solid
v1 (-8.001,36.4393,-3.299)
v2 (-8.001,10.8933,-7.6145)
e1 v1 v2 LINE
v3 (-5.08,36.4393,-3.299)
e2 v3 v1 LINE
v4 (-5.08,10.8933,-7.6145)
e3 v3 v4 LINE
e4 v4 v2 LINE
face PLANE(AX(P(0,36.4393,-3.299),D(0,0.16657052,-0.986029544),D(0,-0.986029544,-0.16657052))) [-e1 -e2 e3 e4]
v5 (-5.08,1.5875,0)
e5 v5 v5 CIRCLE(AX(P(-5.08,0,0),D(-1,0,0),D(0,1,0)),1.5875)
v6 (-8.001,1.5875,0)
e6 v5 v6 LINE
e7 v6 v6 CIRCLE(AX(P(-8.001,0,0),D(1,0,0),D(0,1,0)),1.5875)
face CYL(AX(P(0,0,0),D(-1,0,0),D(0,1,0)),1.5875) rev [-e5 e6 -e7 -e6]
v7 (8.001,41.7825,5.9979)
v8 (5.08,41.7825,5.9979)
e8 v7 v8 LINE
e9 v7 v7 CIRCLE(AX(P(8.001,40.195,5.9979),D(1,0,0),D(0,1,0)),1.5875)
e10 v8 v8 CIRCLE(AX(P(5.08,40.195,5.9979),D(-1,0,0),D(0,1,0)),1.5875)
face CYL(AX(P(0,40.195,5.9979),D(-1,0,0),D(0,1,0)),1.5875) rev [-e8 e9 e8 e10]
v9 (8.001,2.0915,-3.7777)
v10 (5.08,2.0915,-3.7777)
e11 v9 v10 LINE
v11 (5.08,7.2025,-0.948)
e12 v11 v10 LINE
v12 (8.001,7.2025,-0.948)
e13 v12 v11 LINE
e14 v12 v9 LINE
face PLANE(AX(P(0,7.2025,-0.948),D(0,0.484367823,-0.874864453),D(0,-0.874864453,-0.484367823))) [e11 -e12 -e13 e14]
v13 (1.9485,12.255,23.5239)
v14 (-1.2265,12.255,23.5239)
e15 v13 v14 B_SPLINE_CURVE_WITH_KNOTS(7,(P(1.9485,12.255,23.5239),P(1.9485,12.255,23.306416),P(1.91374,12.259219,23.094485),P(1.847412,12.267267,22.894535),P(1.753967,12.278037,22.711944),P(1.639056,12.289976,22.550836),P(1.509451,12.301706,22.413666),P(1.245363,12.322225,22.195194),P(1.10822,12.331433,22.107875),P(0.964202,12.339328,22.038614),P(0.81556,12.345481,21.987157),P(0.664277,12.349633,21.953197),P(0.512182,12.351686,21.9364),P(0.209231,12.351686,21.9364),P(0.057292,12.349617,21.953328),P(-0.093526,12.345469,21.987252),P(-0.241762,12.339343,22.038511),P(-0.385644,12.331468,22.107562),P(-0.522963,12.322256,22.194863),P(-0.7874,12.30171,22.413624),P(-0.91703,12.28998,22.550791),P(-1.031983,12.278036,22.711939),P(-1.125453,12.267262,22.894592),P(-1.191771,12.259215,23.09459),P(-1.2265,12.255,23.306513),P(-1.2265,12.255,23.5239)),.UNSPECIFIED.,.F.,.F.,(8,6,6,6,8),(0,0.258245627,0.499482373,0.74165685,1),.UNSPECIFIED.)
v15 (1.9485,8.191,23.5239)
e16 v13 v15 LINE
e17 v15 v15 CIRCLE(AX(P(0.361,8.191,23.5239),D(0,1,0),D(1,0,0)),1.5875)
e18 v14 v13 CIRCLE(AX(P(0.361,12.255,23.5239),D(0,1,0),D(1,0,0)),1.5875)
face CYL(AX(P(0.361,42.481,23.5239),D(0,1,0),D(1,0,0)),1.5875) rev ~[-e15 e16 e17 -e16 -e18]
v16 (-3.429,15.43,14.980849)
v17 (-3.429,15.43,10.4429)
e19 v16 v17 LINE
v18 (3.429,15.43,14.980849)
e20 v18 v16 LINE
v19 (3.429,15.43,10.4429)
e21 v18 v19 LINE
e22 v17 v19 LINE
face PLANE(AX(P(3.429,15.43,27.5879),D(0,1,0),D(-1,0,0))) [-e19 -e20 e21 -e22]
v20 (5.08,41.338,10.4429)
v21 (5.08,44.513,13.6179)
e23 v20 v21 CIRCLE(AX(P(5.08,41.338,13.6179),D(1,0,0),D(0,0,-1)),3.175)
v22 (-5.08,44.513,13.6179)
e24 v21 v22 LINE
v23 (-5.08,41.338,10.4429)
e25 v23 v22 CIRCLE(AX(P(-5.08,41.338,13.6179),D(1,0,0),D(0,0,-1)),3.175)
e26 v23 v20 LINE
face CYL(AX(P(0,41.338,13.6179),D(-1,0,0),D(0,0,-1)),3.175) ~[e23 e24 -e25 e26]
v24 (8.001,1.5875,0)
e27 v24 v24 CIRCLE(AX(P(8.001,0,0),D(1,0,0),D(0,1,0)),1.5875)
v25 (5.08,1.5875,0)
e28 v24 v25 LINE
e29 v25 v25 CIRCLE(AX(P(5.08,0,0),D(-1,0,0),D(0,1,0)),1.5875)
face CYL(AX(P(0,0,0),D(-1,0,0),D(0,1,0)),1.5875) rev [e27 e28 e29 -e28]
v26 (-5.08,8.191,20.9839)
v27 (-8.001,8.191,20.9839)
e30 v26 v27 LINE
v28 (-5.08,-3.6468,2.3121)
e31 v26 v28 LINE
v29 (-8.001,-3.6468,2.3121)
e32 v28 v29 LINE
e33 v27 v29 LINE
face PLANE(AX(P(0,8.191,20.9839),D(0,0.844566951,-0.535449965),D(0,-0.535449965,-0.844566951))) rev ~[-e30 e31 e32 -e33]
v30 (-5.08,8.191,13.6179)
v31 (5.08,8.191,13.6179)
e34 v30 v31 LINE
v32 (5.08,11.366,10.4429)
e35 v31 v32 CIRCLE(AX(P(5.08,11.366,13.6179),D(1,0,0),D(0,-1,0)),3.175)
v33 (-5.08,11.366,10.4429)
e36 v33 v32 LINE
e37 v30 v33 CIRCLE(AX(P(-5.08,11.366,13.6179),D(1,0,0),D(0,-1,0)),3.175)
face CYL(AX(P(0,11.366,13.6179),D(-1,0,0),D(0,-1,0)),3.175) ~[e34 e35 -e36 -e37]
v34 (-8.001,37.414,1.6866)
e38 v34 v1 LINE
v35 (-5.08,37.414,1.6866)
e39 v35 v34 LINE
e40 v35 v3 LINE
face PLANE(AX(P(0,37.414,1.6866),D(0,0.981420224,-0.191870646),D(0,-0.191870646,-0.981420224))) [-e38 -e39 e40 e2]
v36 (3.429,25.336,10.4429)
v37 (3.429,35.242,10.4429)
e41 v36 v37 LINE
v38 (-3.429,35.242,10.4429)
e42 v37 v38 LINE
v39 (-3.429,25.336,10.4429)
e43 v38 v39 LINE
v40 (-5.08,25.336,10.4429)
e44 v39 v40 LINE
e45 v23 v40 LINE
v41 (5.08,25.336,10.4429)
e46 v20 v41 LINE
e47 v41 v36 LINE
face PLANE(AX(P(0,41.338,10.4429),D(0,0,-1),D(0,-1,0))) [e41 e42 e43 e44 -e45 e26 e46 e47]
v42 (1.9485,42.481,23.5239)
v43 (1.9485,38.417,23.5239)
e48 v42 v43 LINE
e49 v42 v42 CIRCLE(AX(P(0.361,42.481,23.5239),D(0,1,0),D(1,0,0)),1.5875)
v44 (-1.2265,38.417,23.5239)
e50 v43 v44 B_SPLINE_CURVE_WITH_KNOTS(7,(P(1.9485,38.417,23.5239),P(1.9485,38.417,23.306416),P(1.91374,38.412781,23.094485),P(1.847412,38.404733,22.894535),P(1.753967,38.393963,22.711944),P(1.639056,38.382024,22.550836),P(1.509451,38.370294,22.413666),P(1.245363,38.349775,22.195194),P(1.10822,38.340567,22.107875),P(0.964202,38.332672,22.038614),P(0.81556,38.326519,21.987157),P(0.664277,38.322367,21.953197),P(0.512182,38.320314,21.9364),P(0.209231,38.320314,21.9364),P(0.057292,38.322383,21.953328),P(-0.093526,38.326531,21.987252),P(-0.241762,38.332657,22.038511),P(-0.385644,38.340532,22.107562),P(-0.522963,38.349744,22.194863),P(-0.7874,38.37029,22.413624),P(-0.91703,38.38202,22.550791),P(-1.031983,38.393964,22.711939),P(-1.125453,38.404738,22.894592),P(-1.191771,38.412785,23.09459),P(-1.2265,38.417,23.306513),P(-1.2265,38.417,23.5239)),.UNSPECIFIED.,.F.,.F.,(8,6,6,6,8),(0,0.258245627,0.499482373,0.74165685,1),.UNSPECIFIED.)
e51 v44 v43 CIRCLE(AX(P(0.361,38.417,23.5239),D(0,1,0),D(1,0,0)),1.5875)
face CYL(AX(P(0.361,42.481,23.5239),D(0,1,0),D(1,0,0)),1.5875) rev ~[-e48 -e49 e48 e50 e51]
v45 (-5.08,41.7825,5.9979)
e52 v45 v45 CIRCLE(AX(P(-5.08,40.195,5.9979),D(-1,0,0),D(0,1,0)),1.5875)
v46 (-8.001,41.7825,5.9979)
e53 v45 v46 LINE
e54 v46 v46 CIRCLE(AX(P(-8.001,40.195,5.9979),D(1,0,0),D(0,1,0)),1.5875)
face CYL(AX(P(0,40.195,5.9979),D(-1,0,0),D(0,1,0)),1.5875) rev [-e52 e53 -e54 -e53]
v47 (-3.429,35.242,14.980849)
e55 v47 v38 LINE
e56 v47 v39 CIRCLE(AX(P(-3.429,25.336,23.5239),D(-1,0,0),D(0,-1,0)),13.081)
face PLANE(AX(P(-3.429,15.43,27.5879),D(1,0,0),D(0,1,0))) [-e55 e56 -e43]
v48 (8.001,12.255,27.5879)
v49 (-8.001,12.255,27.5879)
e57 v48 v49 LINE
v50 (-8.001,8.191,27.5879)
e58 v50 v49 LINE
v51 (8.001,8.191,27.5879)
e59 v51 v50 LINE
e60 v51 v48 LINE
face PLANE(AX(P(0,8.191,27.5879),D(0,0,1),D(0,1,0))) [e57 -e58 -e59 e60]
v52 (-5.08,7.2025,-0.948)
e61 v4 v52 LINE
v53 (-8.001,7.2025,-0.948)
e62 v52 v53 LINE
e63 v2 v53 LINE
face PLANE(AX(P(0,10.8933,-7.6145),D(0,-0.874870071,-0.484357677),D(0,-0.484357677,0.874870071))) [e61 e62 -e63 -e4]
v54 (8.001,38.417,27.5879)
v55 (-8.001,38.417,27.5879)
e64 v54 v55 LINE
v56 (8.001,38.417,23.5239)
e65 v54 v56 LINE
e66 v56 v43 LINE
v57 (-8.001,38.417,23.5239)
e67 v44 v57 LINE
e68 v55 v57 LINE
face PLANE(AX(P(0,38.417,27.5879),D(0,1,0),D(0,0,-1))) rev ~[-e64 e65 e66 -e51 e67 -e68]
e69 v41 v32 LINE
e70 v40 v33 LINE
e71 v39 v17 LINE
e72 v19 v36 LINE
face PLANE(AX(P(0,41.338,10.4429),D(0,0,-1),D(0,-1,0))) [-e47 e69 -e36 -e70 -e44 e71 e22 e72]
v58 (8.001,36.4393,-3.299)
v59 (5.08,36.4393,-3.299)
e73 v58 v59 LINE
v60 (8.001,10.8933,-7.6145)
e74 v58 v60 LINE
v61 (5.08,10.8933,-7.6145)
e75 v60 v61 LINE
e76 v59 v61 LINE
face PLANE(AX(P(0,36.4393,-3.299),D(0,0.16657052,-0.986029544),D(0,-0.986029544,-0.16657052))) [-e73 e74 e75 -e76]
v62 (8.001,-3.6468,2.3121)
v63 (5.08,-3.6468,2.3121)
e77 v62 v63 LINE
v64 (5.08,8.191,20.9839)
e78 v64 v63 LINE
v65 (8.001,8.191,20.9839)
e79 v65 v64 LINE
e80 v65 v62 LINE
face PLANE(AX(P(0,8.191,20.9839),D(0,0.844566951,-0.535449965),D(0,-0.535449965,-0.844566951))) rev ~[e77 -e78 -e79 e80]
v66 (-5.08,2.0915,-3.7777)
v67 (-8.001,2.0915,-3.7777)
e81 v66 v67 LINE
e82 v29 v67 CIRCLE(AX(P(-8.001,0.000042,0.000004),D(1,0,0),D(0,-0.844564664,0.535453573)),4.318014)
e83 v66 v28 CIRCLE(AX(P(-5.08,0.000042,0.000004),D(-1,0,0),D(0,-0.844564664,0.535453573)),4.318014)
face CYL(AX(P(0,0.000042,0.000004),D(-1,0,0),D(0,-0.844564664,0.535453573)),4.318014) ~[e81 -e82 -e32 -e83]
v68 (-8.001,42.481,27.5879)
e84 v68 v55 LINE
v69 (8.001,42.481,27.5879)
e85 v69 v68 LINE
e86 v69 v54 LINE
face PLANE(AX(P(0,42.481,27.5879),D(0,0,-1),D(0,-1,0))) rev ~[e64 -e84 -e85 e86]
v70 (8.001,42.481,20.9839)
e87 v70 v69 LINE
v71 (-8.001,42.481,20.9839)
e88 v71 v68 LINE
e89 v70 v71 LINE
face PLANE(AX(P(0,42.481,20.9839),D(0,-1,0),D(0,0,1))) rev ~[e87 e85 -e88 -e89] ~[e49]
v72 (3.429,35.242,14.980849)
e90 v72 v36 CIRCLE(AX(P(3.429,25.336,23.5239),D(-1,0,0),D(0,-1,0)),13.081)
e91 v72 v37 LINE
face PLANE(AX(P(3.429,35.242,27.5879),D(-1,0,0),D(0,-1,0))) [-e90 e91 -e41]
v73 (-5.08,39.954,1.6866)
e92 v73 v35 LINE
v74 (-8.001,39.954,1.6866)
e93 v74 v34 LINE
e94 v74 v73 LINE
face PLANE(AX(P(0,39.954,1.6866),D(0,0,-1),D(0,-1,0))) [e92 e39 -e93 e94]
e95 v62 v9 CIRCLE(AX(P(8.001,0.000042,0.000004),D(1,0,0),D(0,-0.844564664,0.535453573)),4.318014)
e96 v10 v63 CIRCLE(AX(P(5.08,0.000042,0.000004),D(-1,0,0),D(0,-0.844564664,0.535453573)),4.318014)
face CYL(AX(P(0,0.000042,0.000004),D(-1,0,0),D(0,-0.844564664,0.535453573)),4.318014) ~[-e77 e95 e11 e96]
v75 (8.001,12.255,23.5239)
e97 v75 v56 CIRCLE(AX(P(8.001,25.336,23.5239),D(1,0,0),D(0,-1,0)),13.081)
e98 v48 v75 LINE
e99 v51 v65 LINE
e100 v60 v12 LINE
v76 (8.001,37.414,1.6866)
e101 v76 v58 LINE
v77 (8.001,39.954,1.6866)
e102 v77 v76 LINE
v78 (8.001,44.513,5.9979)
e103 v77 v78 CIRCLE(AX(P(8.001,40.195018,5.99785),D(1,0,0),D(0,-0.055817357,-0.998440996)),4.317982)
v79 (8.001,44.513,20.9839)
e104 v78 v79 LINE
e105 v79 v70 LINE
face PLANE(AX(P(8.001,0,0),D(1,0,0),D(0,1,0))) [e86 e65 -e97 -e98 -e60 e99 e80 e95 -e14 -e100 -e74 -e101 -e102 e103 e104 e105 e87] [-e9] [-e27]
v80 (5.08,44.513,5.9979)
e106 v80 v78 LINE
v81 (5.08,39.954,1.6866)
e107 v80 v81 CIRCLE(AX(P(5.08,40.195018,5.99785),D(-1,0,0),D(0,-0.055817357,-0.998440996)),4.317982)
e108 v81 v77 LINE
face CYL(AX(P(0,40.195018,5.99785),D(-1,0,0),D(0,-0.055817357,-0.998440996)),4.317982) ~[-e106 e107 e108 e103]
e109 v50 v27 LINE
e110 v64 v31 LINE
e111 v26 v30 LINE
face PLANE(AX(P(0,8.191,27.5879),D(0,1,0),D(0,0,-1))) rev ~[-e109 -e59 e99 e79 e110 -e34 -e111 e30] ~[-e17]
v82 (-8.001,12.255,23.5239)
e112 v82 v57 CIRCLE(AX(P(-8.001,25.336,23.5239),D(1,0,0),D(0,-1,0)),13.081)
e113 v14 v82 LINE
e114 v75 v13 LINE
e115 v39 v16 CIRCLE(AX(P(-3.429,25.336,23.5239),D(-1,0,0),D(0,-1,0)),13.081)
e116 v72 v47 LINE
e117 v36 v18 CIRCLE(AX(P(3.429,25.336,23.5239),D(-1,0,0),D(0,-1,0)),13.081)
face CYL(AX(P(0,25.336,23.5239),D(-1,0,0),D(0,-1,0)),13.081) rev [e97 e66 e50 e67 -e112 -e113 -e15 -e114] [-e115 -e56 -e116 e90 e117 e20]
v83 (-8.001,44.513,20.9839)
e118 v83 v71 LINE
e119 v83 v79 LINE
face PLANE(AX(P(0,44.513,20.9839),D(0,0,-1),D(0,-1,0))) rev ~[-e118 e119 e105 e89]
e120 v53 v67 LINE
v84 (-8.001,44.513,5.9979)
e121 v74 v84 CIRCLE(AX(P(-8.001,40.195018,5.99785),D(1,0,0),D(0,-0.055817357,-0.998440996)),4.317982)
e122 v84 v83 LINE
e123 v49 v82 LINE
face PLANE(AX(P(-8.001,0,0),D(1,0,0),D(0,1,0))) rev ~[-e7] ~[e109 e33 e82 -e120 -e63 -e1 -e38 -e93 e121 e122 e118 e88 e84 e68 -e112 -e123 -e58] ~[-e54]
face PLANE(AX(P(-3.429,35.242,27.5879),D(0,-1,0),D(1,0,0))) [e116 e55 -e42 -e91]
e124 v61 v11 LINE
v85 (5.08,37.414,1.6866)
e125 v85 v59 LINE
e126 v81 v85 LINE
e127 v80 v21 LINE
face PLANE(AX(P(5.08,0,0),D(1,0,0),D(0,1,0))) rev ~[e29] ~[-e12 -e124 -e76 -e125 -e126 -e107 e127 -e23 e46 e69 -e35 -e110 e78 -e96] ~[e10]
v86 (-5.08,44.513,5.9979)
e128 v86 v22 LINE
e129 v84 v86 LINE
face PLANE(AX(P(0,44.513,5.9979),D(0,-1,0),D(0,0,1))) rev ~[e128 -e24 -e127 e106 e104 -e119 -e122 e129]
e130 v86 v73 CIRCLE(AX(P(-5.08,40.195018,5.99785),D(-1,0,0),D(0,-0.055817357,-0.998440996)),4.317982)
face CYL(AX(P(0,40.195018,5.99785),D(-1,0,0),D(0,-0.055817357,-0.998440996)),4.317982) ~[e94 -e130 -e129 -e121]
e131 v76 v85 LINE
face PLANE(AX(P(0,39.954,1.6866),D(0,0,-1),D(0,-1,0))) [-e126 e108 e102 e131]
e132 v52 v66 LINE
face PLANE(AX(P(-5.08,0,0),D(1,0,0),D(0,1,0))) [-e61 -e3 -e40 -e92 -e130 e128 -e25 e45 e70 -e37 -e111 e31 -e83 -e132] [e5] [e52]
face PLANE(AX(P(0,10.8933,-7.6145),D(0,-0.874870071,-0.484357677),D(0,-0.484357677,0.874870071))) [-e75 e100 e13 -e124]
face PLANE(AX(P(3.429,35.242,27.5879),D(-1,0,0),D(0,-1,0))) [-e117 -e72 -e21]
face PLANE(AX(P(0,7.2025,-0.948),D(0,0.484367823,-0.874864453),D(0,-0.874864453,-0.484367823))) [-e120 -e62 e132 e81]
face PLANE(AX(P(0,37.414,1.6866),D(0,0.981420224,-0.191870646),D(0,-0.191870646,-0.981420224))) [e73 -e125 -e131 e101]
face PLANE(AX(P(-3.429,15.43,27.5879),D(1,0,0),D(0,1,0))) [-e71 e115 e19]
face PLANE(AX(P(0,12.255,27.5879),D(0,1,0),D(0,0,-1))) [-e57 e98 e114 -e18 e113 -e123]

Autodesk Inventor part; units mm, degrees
ref_plane "YZ Plane" through (0, 0, 0) normal (1, 0, 0) x (0, 1, 0)
ref_plane "XZ Plane" through (0, 0, 0) normal (0, 1, 0) x (-1, 0, 0)
ref_plane "XY Plane" through (0, 0, 0) normal (0, 0, 1) x (1, 0, 0)
sketch "Sketch1" plane through (0, 0, 0) normal (1, 0, 0) x (0, 1, 0)
  arc A0 (39.954, 1.6866) -> (44.513, 5.9979) centre (40.195, 5.9979) ccw
  circle A1 centre (40.195, 5.9979) radius 1.5875
  line L0 (44.513, 5.9979) -> (44.513, 20.9839)
  line L1 (44.513, 20.9839) -> (42.481, 20.9839)
  line L2 (42.481, 20.9839) -> (42.481, 27.5879)
  line L3 (42.481, 27.5879) -> (38.417, 27.5879)
  line L4 (38.417, 27.5879) -> (38.417, 23.5239)
  line L5 (39.954, 1.6866) -> (37.414, 1.6866)
  line L6 (37.414, 1.6866) -> (36.4393, -3.299)
  line L7 (36.4393, -3.299) -> (10.8933, -7.6145)
  line L8 (10.8933, -7.6145) -> (7.2025, -0.948)
  line L9 (7.2025, -0.948) -> (2.0915, -3.7777)
  arc A2 (-3.6468, 2.3121) -> (2.0915, -3.7777) centre (0, 0) ccw
  circle A3 centre (0, 0) radius 1.5875
  line L10 (8.191, 27.5879) -> (12.255, 27.5879)
  line L11 (12.255, 27.5879) -> (12.255, 23.5239)
  arc A4 (12.255, 23.5239) -> (38.417, 23.5239) centre (25.336, 23.5239) ccw
  line L12 (81.5814, 1.6799) -> (58.7298, 1.6799) construction
  line L13 (40.195, 5.9979) -> (0, 0) construction
  line L14 (8.191, 27.5879) -> (10.8933, -7.6145) construction
  line L15 (60.3567, 10.4429) -> (44.3212, 10.4429) construction
  line L16 (8.191, 27.5879) -> (0, 0) construction
  line L17 (-6.8832, 3.5179) -> (4.3798, -16.8256) construction
  line L18 (8.191, 27.5879) -> (8.191, 20.9839)
  line L19 (8.191, 20.9839) -> (-3.6468, 2.3121)
  dimension "d0" = 8.636
  dimension "d1" = 3.175
  dimension "d2" = 4.064
  dimension "d3" = 6.604
  dimension "d4" = 2.032
  dimension "d5" = 25.908
  dimension "d6" = 2.54
  dimension "d7" = 5.08
  dimension "d8" = 25.908
  dimension "d9" = 7.62
  dimension "d10" = 40.64
  dimension "d11" = 35.306
  dimension "d12" = 26.162
  dimension "d13" = 17.145
  dimension "d14" = 28.7782
  dimension "d15" = 10.16
extrude "Extrusion1" add sketch "Sketch1" along normal mid plane 16.002
sketch "Sketch2" plane through (0, 0, 0) normal (1, 0, 0) x (0, 1, 0)
  line L0 (38.417, 27.5879) -> (42.481, 27.5879) projected
  line L1 (8.191, 27.5879) -> (12.255, 27.5879) projected
  line L2 (41.338, 10.4429) -> (11.366, 10.4429)
  line L3 (44.513, 20.9839) -> (44.513, 5.9979) projected
  arc A0 (41.338, 10.4429) -> (44.513, 13.6179) centre (41.338, 13.6179) ccw
  line L4 (8.191, 27.5879) -> (8.191, 13.6179)
  arc A1 (8.191, 13.6179) -> (11.366, 10.4429) centre (11.366, 13.6179) ccw
  line L5 (44.513, 13.6179) -> (46.9295, 13.6179)
  line L6 (46.9295, 13.6179) -> (49.0826, -15.2272)
  line L7 (49.0826, -15.2272) -> (-26.66, -17.9242)
  line L8 (-26.66, -17.9242) -> (-26.66, 23.5652)
  line L9 (-26.66, 23.5652) -> (8.191, 27.5879)
  point P0 (0, 0)
  point P1 (44.513, 3.2824)
  dimension "d18" = 17.145
  dimension "d19" = 3.175
  dimension "d20" = 3.175
extrude "Extrusion2" cut sketch "Sketch2" along normal mid plane 10.16
sketch "Sketch3" plane through (-8.001, 38.417, 27.5879) normal (0, 0, 1) x (1, 0, 0)
  line L0 (16.002, -26.162) -> (0, -26.162) projected
  line L1 (16.002, -30.226) -> (0, -30.226) projected
  line L2 (0, -30.226) -> (0, -26.162) projected
  line L3 (16.002, -26.162) -> (16.002, -30.226) projected
  line L4 (0, 4.064) -> (16.002, -30.226) construction
  line L5 (4.572, -3.175) -> (11.43, -3.175)
  line L6 (11.43, -3.175) -> (11.43, -22.987)
  line L7 (11.43, -22.987) -> (4.572, -22.987)
  line L8 (4.572, -22.987) -> (4.572, -3.175)
  line L9 (11.43, -3.175) -> (4.572, -22.987) construction
  point P0 (8.001, -38.417)
  point P1 (8.001, -13.081)
  dimension "d23" = 6.858
  dimension "d24" = 19.812
extrude "Extrusion3" cut sketch "Sketch3" against normal through all contours L5 L6 L7 L8
sketch "Sketch4" plane through (-8.001, 42.481, 27.5879) normal (0, 1, 0) x (1, 0, 0)
  line L0 (16.002, 0) -> (0, 0) projected
  circle A0 centre (8.362, 4.064) radius 1.5875
  point P0 (8.001, 27.5879)
  dimension "d27" = 3.175
  dimension "d28" = 4.064
extrude "Extrusion4" cut sketch "Sketch4" against normal through all
properties part number "Front Axle Housing" material "ABS Plastic"
